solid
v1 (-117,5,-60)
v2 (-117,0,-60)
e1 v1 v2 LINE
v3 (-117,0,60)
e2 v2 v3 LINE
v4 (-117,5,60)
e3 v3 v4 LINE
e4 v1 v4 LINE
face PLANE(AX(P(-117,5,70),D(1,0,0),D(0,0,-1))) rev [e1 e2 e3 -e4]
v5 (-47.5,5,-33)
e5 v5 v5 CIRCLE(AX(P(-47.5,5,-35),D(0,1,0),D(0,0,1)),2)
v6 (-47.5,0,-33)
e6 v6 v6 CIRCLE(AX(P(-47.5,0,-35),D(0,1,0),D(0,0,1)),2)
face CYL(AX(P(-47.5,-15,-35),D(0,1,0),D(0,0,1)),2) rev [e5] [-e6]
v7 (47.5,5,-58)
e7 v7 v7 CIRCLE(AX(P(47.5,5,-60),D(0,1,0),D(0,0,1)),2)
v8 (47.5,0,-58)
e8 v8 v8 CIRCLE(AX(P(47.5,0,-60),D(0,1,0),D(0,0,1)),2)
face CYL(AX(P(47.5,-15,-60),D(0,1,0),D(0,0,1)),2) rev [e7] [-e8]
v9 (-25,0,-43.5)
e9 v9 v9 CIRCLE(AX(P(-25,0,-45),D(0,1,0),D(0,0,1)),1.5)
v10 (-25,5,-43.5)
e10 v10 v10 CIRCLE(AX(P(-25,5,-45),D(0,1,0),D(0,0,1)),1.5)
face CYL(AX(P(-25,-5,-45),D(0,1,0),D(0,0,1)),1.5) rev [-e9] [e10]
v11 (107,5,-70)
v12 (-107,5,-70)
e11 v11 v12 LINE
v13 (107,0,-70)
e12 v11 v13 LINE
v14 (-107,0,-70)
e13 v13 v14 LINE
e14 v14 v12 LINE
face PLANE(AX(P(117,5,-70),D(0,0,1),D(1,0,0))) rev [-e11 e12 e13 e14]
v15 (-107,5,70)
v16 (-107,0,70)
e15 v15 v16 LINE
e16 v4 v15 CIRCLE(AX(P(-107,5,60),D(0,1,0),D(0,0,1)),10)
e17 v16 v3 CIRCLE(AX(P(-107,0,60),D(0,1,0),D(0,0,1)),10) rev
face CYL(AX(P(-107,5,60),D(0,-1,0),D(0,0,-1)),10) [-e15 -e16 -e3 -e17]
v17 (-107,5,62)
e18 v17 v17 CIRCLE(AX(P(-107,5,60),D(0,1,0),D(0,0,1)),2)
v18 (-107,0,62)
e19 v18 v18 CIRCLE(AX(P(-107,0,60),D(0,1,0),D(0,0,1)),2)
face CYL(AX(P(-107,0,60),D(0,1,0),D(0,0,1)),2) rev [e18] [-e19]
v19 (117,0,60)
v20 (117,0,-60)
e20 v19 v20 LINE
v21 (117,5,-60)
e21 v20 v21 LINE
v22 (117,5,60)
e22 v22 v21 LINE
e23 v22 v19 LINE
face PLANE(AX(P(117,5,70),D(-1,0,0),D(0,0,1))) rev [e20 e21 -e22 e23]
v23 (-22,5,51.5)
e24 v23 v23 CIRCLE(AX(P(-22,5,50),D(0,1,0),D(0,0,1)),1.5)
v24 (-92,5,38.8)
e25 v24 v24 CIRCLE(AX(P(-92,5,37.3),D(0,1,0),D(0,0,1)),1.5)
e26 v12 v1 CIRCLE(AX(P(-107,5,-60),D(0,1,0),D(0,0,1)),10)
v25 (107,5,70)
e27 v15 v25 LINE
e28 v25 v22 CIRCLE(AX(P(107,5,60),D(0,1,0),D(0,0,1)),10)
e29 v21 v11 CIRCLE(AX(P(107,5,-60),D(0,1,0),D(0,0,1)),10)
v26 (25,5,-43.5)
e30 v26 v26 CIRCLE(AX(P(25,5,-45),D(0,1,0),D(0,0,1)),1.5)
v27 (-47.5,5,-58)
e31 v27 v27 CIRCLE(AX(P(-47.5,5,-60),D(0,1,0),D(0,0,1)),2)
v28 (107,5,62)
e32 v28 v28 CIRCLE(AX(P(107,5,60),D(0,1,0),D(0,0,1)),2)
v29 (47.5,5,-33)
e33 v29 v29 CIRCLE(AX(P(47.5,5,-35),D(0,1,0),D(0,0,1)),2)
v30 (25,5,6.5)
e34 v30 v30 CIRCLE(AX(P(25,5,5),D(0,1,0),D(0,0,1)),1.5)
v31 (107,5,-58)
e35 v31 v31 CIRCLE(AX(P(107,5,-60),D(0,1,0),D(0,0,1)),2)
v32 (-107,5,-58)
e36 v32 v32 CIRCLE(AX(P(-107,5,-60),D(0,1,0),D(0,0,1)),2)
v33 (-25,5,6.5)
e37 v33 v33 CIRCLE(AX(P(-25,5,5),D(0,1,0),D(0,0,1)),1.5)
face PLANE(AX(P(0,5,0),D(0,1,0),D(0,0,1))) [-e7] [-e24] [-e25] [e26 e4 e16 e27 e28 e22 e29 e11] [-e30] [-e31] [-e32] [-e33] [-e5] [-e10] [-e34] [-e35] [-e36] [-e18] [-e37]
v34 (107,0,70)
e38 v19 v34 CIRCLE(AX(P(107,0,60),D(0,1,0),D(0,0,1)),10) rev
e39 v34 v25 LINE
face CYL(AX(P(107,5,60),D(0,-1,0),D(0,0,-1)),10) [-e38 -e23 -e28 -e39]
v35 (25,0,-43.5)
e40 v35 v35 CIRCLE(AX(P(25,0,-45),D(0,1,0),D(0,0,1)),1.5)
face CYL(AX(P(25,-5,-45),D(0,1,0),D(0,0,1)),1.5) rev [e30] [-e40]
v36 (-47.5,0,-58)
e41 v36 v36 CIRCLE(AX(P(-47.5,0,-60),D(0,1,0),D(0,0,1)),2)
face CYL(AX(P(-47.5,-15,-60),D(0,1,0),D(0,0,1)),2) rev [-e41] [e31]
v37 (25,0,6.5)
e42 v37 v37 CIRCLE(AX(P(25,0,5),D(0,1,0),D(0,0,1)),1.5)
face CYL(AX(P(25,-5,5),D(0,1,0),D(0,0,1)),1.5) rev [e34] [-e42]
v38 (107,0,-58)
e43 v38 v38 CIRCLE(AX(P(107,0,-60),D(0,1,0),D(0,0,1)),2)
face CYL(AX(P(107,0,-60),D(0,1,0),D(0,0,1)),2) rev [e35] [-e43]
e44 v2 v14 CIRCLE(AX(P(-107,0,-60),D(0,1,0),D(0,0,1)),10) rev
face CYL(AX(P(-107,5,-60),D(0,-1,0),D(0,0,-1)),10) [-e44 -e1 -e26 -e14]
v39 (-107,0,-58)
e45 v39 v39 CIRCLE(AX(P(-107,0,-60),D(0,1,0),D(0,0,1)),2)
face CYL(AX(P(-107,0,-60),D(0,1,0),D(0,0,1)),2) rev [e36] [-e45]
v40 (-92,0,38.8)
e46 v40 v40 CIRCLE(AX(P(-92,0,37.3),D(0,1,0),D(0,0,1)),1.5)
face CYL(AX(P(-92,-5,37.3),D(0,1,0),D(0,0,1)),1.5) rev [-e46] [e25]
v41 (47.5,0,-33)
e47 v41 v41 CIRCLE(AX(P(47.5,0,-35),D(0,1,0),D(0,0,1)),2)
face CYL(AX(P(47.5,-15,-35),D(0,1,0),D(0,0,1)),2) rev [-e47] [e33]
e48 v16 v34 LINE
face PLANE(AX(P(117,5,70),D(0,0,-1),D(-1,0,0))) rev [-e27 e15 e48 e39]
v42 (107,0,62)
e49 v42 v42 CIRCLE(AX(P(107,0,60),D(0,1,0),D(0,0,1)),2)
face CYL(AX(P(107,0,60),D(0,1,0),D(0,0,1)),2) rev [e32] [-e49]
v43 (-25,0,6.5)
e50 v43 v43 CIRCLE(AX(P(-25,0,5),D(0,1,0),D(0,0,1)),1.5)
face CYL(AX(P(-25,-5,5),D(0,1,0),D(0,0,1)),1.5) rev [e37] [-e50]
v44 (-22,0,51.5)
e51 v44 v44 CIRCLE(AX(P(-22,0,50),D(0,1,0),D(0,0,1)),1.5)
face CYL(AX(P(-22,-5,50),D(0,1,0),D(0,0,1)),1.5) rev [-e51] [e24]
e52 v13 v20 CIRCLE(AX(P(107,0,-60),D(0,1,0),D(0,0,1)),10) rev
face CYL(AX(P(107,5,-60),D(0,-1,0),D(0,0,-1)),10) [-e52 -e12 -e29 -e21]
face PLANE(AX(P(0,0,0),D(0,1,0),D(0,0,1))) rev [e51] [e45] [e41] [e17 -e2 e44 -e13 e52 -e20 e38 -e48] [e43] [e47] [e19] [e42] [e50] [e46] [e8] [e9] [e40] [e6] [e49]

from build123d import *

# Parameters (mm, degrees)
SKETCH_1_W          = 234
SKETCH_1_H          = 140
EXTRUDE_1_DEPTH     = 5
SKETCH_2_R          = 2
CUT_EXTRUDE_1_DEPTH = 5
FILLET_1_R          = 10
SKETCH_3_R          = 2
CUT_EXTRUDE_2_DEPTH = 20
SKETCH_4_R          = 1.5
CUT_EXTRUDE_3_DEPTH = 10
SKETCH_5_R          = 1.5
CUT_EXTRUDE_4_DEPTH = 10


with BuildPart() as part:
    # 草图1 → 凸台-拉伸1 (new body)
    with BuildSketch(Plane(origin=(0, 0, 0), x_dir=(1, 0, 0), z_dir=(0, 1, 0))):
        Rectangle(SKETCH_1_W, SKETCH_1_H)
    extrude(amount=EXTRUDE_1_DEPTH)

    # 草图2 → 切除-拉伸1 (cut)
    with BuildSketch(Plane(origin=(0, 5, 0), x_dir=(1, 0, 0), z_dir=(0, 1, 0))):
        with Locations(Location((-107, 60, 0), (0, 0, 270))):
            Circle(SKETCH_2_R)
        with Locations(Location((107, 60, 0), (0, 0, 270))):
            Circle(SKETCH_2_R)
        with Locations(Location((107, -60, 0), (0, 0, 270))):
            Circle(SKETCH_2_R)
        with Locations(Location((-107, -60, 0), (0, 0, 270))):
            Circle(SKETCH_2_R)
    extrude(amount=-CUT_EXTRUDE_1_DEPTH, mode=Mode.SUBTRACT)

    # 圆角1
    fillet_1_edges = [part.edges().sort_by_distance(p)[0] for p in [
        (-117, 2.5, -70),
        (117, 2.5, -70),
        (117, 2.5, 70),
        (-117, 2.5, 70),
    ]]
    fillet(fillet_1_edges, radius=FILLET_1_R)

    # 草图3 → 切除-拉伸2 (cut)
    with BuildSketch(Plane(origin=(0, 5, 0), x_dir=(1, 0, 0), z_dir=(0, 1, 0))):
        with Locations(Location((-47.5, 60, 0), (0, 0, 270))):
            Circle(SKETCH_3_R)
        with Locations(Location((47.5, 60, 0), (0, 0, 270))):
            Circle(SKETCH_3_R)
        with Locations(Location((47.5, 35, 0), (0, 0, 270))):
            Circle(SKETCH_3_R)
        with Locations(Location((-47.5, 35, 0), (0, 0, 270))):
            Circle(SKETCH_3_R)
    extrude(amount=-CUT_EXTRUDE_2_DEPTH, mode=Mode.SUBTRACT)

    # 草图4 → 切除-拉伸3 (cut)
    with BuildSketch(Plane(origin=(0, 5, 0), x_dir=(1, 0, 0), z_dir=(0, 1, 0))):
        with Locations(Location((-25, 45, 0), (0, 0, 270))):
            Circle(SKETCH_4_R)
        with Locations(Location((25, 45, 0), (0, 0, 270))):
            Circle(SKETCH_4_R)
        with Locations(Location((25, -5, 0), (0, 0, 270))):
            Circle(SKETCH_4_R)
        with Locations(Location((-25, -5, 0), (0, 0, 270))):
            Circle(SKETCH_4_R)
    extrude(amount=-CUT_EXTRUDE_3_DEPTH, mode=Mode.SUBTRACT)

    # 草图5 → 切除-拉伸4 (cut)
    with BuildSketch(Plane(origin=(0, 5, 0), x_dir=(1, 0, 0), z_dir=(0, 1, 0))):
        with Locations(Location((-92, -37.3, 0), (0, 0, 270))):
            Circle(SKETCH_5_R)
        with Locations(Location((-22, -50, 0), (0, 0, 270))):
            Circle(SKETCH_5_R)
    extrude(amount=-CUT_EXTRUDE_4_DEPTH, mode=Mode.SUBTRACT)


solid = part.part
